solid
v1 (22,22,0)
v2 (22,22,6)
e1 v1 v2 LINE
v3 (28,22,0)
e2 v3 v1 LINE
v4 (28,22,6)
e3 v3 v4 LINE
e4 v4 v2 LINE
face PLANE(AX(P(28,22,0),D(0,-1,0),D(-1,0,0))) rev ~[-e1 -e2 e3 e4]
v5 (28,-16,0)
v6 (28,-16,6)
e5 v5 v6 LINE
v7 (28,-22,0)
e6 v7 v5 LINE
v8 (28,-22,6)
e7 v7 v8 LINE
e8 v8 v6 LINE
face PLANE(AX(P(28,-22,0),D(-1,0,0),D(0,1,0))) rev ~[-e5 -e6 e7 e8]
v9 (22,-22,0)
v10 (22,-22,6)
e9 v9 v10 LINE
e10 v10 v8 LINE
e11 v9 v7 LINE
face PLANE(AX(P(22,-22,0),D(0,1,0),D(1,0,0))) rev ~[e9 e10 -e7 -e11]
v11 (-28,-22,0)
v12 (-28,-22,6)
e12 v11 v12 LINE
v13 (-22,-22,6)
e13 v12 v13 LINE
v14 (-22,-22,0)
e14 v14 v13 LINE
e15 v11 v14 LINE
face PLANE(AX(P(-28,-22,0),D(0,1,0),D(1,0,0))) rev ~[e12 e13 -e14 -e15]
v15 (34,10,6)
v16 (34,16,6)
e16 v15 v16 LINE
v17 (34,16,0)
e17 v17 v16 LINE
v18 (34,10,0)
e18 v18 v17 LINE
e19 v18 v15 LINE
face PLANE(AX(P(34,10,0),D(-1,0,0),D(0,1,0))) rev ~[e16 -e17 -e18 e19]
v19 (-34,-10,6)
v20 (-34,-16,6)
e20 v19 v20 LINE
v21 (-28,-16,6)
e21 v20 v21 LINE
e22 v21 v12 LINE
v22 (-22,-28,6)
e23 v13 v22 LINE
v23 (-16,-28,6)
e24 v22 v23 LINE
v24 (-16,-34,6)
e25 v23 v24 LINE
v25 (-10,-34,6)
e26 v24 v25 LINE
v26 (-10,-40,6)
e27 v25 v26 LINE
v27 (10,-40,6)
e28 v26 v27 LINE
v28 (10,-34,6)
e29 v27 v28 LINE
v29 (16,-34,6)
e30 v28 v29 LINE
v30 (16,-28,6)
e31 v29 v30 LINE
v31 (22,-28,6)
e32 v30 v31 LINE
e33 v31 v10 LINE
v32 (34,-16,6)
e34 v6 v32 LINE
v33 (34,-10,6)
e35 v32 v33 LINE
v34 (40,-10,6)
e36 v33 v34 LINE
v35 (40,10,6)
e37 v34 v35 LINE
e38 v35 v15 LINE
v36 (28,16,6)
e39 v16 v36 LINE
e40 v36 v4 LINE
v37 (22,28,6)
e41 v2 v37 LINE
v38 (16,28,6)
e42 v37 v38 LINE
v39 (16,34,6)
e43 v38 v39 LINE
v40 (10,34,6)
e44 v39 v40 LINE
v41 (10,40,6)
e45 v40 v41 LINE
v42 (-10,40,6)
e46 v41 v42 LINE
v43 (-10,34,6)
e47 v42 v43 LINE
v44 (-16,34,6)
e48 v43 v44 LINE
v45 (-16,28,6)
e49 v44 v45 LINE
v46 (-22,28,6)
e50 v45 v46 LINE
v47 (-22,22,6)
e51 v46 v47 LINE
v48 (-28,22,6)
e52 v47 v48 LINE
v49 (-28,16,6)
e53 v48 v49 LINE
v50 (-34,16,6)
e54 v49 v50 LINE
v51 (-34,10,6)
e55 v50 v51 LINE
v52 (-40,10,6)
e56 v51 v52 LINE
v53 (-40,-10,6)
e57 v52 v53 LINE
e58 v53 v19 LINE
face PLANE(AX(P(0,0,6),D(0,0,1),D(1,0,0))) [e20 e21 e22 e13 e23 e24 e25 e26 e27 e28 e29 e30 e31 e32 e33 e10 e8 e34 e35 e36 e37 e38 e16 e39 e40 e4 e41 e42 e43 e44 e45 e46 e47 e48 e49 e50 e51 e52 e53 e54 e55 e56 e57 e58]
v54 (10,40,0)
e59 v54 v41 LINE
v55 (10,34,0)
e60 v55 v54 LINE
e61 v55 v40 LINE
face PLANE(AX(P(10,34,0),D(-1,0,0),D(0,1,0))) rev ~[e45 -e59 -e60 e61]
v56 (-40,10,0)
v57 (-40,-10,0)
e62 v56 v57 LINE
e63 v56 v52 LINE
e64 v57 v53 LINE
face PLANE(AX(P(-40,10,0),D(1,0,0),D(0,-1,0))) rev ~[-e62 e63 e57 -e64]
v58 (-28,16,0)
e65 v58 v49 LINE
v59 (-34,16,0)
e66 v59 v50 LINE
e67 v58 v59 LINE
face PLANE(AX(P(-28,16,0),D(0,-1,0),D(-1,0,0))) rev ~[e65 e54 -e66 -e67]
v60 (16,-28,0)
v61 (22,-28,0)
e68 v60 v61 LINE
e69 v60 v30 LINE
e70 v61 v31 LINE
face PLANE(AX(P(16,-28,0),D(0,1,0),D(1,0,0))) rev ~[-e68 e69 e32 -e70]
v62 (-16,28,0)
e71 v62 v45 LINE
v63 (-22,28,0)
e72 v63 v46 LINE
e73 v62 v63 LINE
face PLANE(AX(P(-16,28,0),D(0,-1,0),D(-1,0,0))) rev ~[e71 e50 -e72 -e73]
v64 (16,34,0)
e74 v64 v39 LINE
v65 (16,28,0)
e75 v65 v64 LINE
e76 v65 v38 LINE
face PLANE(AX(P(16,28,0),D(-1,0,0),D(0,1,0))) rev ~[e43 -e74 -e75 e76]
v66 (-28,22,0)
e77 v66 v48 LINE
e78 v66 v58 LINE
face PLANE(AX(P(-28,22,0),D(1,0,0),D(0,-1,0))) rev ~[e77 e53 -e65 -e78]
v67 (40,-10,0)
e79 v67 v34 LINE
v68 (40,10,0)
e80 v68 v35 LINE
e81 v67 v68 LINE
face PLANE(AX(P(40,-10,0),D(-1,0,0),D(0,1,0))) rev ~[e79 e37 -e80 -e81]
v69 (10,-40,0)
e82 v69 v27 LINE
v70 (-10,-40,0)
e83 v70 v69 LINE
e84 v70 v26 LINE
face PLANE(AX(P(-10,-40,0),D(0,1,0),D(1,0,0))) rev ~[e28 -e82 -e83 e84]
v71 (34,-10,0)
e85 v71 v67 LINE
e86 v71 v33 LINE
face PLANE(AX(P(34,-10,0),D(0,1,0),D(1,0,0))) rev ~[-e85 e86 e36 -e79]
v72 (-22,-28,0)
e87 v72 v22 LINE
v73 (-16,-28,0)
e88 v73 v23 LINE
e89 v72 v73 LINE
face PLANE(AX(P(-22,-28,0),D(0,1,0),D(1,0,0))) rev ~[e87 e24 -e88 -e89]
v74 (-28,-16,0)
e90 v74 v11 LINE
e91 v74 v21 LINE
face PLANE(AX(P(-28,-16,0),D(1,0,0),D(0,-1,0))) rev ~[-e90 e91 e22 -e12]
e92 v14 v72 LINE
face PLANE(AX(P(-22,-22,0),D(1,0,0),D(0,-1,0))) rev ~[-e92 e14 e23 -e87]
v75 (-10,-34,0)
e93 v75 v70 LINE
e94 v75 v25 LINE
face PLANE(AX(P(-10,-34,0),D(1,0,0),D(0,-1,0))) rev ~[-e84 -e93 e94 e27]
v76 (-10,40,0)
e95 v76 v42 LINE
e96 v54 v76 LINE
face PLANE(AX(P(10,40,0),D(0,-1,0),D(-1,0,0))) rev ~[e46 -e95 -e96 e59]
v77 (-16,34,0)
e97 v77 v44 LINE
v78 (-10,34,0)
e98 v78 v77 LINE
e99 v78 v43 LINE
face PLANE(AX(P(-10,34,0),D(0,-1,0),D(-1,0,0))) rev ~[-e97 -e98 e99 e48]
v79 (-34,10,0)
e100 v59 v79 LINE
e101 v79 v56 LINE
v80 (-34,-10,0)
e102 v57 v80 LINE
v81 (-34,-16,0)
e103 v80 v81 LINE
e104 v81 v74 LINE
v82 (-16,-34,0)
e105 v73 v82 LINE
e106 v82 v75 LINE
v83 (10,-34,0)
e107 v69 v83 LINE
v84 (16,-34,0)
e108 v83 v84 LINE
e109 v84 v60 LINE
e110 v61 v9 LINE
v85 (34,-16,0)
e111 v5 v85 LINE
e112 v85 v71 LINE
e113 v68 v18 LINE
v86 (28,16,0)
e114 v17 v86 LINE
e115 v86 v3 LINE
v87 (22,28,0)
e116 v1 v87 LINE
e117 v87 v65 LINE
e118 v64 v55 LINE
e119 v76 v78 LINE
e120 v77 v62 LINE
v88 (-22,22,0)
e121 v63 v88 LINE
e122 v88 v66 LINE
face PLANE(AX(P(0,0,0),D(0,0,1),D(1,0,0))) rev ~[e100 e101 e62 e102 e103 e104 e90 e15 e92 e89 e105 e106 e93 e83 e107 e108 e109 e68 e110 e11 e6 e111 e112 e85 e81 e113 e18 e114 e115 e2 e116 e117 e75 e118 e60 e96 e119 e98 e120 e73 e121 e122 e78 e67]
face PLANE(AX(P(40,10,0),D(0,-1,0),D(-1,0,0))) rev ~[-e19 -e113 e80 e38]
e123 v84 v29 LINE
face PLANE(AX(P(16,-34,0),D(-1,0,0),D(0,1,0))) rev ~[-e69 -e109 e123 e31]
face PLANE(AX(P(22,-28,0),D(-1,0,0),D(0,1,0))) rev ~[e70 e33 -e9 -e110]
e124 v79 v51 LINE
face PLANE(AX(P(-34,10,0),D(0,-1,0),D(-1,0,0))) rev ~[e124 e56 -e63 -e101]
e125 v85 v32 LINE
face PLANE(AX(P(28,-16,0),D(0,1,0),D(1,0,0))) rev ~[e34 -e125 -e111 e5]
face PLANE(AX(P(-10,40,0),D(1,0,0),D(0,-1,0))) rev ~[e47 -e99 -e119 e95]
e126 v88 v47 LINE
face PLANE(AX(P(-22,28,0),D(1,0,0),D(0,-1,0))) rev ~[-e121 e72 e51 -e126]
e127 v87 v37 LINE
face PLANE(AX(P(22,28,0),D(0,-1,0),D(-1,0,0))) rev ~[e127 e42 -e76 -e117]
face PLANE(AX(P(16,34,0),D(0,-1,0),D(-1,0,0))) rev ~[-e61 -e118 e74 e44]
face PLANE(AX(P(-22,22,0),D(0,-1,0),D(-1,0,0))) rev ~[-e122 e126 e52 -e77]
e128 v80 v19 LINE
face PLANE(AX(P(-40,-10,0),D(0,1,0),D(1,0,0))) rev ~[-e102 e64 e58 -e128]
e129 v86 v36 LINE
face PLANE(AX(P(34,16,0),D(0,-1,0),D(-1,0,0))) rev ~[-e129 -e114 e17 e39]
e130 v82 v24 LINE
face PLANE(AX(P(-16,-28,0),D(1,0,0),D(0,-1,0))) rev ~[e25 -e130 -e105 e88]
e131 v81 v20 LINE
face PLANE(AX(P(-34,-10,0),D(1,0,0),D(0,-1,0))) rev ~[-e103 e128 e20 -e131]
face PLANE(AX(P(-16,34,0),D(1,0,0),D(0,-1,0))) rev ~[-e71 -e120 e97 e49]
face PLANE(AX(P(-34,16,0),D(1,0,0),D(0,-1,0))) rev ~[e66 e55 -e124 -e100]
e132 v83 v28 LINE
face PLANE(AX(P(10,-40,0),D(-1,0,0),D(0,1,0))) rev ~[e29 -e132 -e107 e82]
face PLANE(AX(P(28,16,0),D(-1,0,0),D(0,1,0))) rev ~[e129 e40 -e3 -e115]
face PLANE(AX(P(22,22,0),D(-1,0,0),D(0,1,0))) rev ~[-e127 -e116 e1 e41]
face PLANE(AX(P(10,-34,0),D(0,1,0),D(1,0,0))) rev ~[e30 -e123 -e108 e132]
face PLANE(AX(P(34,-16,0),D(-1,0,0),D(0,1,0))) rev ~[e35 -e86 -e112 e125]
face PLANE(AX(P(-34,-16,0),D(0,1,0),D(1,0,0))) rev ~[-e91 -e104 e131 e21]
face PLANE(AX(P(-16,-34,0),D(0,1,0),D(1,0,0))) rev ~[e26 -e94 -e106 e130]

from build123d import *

# Parameters (mm, degrees)
F1_DEPTH = 6


with BuildPart() as f1:
    # F0 (on Top) → F1 (new body)
    with BuildSketch(Plane.XY):
        Polygon((10, 40), (-10, 40), (-10, 34), (-16, 34), (-16, 28), (-22, 28), (-22, 22), (-28, 22), (-28, 16), (-34, 16), (-34, 10), (-40, 10), (-40, -10), (-34, -10), (-34, -16), (-28, -16), (-28, -22), (-22, -22), (-22, -28), (-16, -28), (-16, -34), (-10, -34), (-10, -40), (10, -40), (10, -34), (16, -34), (16, -28), (22, -28), (22, -22), (28, -22), (28, -16), (34, -16), (34, -10), (40, -10), (40, 10), (34, 10), (34, 16), (28, 16), (28, 22), (22, 22), (22, 28), (16, 28), (16, 34), (10, 34), align=None)
    extrude(amount=F1_DEPTH)


solid = f1.part
